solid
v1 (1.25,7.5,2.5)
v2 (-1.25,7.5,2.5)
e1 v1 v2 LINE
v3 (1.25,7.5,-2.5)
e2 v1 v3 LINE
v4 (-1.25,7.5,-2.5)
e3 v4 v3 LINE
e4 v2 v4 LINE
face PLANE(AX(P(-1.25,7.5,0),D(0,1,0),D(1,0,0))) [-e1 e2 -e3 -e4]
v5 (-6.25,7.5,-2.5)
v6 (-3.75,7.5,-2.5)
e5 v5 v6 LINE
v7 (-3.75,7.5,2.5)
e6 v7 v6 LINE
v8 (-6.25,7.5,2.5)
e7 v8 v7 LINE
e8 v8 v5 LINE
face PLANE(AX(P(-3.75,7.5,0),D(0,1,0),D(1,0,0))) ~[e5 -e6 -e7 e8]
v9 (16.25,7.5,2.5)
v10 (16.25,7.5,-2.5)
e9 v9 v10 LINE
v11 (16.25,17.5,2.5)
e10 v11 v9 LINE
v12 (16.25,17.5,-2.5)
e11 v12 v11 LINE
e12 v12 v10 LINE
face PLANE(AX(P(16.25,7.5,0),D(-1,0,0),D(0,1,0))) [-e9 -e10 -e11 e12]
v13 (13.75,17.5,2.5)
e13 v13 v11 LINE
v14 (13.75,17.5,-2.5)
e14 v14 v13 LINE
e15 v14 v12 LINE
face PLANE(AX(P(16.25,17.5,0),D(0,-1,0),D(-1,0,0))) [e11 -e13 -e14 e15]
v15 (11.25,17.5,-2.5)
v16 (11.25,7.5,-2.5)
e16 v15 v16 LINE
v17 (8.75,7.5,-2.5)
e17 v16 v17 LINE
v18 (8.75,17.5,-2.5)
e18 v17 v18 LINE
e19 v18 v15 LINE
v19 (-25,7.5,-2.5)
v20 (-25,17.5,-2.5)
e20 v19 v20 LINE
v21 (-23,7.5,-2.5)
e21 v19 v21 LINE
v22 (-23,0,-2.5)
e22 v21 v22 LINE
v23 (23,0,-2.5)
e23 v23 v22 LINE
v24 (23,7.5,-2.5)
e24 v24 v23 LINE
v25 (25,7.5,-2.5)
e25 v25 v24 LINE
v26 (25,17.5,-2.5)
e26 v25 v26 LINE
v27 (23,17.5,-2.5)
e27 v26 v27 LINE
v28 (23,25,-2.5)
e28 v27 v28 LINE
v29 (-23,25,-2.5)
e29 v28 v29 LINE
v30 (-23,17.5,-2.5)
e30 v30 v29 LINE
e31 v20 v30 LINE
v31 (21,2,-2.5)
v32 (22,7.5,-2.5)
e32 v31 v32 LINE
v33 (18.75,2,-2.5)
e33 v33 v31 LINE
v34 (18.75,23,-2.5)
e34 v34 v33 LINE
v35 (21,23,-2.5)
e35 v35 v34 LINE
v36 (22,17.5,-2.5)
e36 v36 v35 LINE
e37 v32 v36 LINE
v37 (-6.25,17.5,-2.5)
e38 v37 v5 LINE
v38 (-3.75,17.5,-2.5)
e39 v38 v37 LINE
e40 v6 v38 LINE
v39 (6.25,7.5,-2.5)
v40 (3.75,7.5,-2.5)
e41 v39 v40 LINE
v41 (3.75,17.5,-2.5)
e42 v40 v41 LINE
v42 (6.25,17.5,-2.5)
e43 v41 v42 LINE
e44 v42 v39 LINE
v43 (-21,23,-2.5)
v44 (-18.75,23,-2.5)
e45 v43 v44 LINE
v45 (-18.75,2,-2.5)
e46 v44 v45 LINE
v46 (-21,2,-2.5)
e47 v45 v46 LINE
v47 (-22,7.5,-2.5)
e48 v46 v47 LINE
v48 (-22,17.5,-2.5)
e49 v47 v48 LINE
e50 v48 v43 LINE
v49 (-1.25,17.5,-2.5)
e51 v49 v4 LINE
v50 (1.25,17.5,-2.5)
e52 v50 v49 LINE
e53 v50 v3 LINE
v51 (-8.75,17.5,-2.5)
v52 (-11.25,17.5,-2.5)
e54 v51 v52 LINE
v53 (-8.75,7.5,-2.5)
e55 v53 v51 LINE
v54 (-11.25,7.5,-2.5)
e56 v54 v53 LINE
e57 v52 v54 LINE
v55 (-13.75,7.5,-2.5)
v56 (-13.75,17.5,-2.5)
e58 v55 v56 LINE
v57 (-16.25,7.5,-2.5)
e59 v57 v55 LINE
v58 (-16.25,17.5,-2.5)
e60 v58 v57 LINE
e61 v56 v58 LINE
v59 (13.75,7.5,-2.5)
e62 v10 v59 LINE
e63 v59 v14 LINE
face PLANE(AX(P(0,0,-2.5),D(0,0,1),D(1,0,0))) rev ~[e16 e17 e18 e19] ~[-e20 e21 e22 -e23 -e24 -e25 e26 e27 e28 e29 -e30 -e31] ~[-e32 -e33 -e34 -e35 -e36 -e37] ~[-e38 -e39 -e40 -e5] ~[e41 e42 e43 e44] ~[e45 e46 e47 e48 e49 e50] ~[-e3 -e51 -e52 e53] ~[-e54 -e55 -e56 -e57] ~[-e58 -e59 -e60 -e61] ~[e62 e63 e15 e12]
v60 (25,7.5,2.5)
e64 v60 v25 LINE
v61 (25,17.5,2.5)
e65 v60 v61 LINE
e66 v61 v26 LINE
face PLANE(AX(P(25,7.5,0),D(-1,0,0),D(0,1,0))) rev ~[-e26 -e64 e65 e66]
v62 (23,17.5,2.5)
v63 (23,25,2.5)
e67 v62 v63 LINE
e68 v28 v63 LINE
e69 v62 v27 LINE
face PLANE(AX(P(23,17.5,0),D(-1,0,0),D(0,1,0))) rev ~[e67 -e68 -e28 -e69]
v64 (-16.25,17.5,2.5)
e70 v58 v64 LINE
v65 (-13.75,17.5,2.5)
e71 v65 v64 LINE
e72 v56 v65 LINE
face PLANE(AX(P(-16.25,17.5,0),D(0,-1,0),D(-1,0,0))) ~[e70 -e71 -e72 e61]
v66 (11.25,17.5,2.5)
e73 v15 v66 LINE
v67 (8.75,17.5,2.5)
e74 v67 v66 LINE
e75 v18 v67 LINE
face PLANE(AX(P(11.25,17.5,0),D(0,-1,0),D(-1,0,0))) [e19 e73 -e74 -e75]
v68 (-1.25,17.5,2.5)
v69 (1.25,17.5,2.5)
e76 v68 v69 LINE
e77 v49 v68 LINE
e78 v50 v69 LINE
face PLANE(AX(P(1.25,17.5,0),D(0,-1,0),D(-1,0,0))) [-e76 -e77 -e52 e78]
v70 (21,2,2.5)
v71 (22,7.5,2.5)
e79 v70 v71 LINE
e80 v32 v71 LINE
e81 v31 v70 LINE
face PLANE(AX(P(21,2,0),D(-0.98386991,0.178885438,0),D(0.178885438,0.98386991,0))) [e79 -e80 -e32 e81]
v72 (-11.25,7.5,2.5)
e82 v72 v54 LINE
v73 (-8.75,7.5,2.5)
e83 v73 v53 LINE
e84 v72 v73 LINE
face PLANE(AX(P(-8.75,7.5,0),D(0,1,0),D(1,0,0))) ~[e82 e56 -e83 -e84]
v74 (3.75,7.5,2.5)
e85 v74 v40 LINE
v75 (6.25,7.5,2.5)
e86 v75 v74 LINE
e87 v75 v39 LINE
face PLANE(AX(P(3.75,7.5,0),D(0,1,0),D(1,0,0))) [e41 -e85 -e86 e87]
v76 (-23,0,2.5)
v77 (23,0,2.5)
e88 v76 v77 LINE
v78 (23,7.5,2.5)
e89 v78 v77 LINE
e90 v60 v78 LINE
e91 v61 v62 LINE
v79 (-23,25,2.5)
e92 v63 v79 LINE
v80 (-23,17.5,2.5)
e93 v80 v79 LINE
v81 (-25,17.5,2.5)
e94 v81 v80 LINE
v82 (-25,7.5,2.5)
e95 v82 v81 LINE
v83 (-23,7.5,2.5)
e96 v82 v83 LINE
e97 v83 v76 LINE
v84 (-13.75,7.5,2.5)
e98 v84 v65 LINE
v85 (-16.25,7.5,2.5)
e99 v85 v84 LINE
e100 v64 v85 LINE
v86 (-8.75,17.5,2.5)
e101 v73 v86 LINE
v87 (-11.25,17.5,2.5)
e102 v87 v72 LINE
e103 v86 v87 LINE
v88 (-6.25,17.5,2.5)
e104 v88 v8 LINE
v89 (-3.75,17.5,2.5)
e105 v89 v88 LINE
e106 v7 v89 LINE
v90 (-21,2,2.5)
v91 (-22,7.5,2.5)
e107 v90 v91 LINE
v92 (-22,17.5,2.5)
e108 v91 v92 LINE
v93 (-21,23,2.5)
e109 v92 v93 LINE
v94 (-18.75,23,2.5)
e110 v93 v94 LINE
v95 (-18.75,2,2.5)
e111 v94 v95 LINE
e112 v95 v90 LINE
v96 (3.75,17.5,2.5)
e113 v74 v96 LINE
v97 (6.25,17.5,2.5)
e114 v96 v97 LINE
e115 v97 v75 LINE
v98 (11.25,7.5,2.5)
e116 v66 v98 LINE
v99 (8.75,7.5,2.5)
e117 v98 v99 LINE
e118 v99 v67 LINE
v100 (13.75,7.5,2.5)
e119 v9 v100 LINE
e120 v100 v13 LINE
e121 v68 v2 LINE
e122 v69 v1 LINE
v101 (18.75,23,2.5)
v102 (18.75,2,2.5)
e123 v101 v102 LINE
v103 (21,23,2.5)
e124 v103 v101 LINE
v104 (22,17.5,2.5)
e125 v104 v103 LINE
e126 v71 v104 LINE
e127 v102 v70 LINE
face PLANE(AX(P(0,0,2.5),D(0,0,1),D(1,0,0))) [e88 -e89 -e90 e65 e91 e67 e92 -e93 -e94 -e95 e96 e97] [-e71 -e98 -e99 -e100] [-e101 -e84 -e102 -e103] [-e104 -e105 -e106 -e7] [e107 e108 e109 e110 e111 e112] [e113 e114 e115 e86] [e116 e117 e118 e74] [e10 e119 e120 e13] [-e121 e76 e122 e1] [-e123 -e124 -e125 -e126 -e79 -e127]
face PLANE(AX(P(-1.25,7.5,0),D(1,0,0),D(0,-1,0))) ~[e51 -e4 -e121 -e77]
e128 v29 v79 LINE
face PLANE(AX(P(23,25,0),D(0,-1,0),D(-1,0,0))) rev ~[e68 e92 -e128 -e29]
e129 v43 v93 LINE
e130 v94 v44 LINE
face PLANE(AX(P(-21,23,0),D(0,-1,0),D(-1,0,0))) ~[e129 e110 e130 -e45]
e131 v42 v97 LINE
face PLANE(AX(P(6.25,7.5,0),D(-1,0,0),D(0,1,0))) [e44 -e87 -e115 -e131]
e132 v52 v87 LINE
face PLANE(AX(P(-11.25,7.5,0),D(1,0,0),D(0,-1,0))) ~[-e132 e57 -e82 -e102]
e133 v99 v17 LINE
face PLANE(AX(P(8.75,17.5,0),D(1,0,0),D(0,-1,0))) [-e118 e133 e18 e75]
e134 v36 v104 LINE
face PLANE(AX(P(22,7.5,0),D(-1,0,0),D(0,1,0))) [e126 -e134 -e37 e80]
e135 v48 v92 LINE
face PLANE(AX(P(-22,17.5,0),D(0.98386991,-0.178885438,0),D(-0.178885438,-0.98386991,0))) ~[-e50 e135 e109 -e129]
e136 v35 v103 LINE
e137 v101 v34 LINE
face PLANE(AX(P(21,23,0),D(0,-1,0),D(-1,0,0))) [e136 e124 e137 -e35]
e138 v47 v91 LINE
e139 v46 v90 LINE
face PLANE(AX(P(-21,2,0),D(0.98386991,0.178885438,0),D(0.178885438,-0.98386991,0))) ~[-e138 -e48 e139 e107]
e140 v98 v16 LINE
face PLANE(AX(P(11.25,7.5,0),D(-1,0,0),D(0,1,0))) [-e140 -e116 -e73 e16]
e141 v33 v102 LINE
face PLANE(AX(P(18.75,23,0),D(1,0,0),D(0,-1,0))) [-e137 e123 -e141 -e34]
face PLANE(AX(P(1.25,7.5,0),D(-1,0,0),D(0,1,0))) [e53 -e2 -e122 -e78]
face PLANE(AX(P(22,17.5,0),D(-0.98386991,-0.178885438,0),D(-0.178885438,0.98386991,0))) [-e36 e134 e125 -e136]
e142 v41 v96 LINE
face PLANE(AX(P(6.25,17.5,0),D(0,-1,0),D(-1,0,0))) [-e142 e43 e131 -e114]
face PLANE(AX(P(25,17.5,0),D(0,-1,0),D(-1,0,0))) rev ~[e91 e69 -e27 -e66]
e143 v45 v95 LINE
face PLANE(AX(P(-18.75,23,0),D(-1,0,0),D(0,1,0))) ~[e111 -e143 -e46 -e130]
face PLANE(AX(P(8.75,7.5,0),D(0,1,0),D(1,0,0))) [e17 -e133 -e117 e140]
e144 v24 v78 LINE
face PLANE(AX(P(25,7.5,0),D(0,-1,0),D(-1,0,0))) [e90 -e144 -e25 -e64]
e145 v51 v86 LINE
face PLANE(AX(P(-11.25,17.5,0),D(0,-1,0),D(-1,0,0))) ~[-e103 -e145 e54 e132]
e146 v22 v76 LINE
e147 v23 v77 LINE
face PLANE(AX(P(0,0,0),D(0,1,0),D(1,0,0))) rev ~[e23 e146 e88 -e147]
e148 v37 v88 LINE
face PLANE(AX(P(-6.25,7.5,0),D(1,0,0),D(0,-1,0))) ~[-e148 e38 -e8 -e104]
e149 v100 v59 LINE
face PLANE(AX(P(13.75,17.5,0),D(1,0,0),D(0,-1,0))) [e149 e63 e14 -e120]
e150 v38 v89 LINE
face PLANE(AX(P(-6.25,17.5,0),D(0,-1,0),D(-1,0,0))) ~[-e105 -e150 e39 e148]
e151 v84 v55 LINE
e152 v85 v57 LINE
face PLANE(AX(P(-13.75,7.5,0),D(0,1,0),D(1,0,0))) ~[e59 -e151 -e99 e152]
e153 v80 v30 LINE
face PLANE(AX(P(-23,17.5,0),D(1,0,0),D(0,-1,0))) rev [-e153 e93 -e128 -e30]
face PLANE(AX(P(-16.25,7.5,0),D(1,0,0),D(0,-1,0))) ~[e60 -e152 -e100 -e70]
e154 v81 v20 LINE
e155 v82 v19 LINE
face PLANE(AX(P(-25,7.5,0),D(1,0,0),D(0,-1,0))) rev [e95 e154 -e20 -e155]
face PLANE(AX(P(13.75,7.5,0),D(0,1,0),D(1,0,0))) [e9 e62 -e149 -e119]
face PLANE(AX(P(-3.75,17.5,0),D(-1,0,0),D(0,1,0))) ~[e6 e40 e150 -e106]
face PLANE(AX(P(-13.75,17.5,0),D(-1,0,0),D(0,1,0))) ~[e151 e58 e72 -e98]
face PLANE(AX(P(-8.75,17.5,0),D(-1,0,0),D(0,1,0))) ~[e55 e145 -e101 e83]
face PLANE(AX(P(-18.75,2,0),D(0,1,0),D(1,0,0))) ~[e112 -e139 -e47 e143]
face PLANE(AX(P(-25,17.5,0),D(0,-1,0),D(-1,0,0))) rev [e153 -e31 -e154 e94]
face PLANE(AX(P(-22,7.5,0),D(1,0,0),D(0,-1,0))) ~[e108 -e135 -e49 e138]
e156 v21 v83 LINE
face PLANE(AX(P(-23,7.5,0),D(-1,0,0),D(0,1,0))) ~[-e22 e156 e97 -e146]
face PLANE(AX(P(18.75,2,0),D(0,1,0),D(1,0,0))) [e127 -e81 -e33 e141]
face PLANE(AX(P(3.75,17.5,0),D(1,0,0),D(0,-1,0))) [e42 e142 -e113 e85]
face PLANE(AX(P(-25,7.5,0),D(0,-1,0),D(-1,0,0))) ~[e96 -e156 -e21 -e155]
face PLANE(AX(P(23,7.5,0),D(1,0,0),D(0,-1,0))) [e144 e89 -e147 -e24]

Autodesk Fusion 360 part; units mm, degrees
sketch "Sketch1" plane through (0, 0, 0) normal (0, 0, 1) x (1, 0, 0)
  line L0 (23, 25) -> (0, 25)
  line L1 (0, 25) -> (0, 0)
  line L2 (0, 0) -> (23, 0)
  line L3 (25, 7.5) -> (25, 17.5)
  line L4 (25, 12.5) -> (0, 12.5) construction
  line L5 (25, 7.5) -> (23, 7.5)
  line L6 (23, 7.5) -> (23, 0)
  line L7 (25, 17.5) -> (23, 17.5)
  line L8 (23, 17.5) -> (23, 25)
  line L9 (21, 23) -> (18.75, 23)
  line L10 (18.75, 23) -> (18.75, 2)
  line L11 (18.75, 2) -> (21, 2)
  line L12 (21, 2) -> (22, 7.5)
  line L13 (22, 17.5) -> (21, 23)
  line L14 (16.25, 17.5) -> (13.75, 17.5)
  line L15 (13.75, 17.5) -> (13.75, 7.5)
  line L16 (13.75, 7.5) -> (16.25, 7.5)
  line L17 (16.25, 7.5) -> (16.25, 17.5)
  line L18 (22, 7.5) -> (22, 17.5)
  point P0 (25, 12.5)
  point P1 (18.75, 12.5)
  point P2 (16.25, 12.5)
  point P3 (22, 12.5)
  dimension "d6" = 2
  dimension "d7" = 1
  dimension "d8" = 2
  dimension "d9" = 10
  dimension "d10" = 25
  dimension "d11" = 2
  dimension "d13" = 2.5
  dimension "d14" = 2.5
  dimension "d24" = 23
  dimension "d25" = 10
  dimension "d26" = 6.25
extrude "Extrude1" add sketch "Sketch1" along normal mid plane 5 contours L0 L1 L2 L3 L5 L6 L7 L8 | L14 L15 L16 L17
extrude "Extrude2" cut sketch "Sketch1" along normal through all and the other way through all contours L14 L15 L16 L17
pattern_linear "R-Pattern1" count 11 spacing 5 along (-1, 0, 0) of "Extrude2"
mirror "Mirror1" about plane through (0, 25, 0) normal (-1, 0, 0) of bodies 1 merged
equation "unit_size = 25 mm"
equation "wall_thickness = 2 mm"
equation "column_units = 2"
equation "d6 = wall_thickness"
equation "d24 = unit_size * column_units / 2 - wall_thickness"
equation "d25 = 2 * unit_size / 5"
